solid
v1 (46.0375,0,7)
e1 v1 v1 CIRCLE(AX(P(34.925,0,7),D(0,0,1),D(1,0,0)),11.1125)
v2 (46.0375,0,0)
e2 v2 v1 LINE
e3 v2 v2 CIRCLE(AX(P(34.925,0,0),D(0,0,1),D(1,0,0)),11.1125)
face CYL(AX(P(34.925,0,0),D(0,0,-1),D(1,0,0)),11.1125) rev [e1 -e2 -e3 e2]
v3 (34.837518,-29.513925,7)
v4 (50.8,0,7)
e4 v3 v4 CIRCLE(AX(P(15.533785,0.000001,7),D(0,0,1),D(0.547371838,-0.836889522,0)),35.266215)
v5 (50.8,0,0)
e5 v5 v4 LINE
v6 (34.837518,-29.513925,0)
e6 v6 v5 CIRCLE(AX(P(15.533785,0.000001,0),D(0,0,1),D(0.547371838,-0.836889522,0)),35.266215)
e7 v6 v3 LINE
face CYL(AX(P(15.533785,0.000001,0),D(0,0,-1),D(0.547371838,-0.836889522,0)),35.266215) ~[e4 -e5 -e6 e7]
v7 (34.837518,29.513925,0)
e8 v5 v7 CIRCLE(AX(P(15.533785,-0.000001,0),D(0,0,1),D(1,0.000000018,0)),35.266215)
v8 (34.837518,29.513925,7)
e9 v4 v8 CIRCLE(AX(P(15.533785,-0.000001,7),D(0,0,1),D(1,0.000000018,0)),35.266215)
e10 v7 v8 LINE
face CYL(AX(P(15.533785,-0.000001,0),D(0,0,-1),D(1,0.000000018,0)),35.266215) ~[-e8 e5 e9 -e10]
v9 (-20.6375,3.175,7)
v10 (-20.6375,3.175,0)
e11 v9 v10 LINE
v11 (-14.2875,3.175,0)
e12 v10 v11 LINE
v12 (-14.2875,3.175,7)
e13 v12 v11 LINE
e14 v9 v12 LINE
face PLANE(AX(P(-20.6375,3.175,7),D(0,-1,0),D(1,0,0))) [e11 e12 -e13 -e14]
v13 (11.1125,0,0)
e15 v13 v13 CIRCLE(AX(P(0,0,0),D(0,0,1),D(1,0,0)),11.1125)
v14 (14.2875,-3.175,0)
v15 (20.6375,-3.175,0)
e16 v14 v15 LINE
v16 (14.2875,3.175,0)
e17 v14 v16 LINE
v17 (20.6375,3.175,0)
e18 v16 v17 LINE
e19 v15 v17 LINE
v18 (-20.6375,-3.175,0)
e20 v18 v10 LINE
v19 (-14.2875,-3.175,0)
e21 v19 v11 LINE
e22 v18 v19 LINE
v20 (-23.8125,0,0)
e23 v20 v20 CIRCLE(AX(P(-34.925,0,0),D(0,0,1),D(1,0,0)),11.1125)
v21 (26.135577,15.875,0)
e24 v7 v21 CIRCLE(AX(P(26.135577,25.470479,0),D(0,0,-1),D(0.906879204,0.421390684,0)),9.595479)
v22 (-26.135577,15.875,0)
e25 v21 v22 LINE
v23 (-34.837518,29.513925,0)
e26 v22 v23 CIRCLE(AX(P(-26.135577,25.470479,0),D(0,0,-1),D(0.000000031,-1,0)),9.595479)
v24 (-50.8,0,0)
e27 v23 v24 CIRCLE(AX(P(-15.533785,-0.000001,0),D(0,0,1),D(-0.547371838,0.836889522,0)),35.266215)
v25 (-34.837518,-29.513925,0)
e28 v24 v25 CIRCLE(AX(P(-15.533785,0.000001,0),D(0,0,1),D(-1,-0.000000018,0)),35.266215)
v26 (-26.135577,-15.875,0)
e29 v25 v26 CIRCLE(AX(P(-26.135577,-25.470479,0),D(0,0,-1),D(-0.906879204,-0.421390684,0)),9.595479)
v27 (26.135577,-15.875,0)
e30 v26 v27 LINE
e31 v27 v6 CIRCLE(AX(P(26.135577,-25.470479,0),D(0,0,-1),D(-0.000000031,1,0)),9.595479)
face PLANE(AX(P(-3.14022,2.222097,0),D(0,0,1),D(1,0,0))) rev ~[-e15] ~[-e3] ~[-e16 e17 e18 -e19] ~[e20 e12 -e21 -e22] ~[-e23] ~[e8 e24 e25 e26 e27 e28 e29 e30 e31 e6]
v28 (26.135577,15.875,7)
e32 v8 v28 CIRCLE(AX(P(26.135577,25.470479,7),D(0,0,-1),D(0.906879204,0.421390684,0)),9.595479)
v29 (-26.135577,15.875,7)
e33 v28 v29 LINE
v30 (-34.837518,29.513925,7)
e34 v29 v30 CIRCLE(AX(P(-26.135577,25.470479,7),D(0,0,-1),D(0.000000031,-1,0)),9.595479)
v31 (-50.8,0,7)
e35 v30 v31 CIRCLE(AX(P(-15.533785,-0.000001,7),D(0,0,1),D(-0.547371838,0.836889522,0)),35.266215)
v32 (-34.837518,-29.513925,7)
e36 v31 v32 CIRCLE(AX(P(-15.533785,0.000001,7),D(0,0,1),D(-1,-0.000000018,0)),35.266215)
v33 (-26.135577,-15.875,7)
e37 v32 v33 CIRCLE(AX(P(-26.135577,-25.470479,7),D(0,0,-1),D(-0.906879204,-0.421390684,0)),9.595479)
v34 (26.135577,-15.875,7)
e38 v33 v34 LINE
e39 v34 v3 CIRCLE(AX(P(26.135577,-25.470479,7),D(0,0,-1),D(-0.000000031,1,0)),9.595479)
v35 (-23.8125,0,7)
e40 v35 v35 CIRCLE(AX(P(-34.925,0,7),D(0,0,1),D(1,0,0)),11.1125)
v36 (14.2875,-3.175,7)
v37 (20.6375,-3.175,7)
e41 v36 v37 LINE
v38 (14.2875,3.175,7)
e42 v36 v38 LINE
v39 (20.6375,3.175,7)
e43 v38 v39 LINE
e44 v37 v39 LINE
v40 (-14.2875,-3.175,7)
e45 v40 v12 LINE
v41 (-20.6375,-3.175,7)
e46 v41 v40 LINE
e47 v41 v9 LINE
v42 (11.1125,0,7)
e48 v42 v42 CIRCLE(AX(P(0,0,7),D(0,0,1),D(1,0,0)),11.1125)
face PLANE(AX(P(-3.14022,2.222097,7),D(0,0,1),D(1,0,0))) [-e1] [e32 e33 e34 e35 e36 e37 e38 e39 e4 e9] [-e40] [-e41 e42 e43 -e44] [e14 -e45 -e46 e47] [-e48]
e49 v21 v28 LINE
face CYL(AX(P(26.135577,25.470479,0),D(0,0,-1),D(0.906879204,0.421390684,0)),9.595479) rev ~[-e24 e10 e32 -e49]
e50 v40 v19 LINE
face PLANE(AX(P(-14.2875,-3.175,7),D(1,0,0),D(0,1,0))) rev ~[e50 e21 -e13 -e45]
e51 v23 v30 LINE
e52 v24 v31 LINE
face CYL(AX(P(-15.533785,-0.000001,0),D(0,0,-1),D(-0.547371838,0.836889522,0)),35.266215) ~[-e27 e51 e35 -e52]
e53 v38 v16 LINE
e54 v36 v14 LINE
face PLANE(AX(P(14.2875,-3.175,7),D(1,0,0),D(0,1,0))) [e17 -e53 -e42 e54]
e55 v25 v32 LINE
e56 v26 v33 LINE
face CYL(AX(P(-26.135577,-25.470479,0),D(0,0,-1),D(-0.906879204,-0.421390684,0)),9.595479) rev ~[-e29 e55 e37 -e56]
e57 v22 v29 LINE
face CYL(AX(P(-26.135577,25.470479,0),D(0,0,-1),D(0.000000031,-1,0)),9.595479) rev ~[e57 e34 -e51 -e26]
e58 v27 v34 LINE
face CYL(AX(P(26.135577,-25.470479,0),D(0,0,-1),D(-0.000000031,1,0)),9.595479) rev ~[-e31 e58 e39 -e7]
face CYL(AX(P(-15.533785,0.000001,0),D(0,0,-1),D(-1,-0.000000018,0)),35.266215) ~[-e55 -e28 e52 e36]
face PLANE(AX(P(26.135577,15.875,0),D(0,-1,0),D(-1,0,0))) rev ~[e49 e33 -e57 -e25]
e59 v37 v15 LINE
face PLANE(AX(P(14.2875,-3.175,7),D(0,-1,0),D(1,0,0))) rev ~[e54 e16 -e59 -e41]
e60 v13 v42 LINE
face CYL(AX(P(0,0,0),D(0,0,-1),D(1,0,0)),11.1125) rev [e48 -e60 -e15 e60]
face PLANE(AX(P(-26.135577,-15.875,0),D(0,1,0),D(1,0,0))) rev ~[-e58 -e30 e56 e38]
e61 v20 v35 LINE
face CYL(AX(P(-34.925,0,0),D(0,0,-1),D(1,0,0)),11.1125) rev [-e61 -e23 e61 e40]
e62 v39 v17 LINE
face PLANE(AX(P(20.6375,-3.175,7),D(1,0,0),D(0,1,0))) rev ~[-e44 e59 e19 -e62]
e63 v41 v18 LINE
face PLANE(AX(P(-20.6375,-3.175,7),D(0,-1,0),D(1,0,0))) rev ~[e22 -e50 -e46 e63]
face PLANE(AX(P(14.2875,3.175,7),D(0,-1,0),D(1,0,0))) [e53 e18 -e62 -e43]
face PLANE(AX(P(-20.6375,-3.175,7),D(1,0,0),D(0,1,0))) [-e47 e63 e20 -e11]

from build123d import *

# Parameters (mm, degrees)
F0_R     = 11.1125
F1_DEPTH = 7
F2_W     = 6.35
F2_H     = 6.35
F3_DEPTH = 7


with BuildPart() as f1:
    # F0 (on Top) → F1 (new body)
    with BuildSketch(Plane.XY):
        with BuildLine():
            ThreePointArc((-50.8, 0), (-46.15032, -11.22532), (-34.925, -15.875))
            Line((-34.925, -15.875), (-26.135577, -15.875))
            Line((-26.135577, -15.875), (26.135577, -15.875))
            Line((26.135577, -15.875), (34.925, -15.875))
            ThreePointArc((34.925, -15.875), (46.15032, -11.22532), (50.8, 0))
            ThreePointArc((50.8, 0), (46.15032, 11.22532), (34.925, 15.875))
            Line((34.925, 15.875), (26.135577, 15.875))
            Line((26.135577, 15.875), (-26.135577, 15.875))
            ThreePointArc((-26.135577, 15.875), (-34.22483, 20.309354), (-34.837518, 29.513925))
            ThreePointArc((-34.837518, 29.513925), (-46.553742, 16.777013), (-50.8, 0))
        make_face()
        with Locations((-34.925, 0)):
            Circle(F0_R, mode=Mode.SUBTRACT)
        Circle(F0_R, mode=Mode.SUBTRACT)
        with Locations((34.925, 0)):
            Circle(F0_R, mode=Mode.SUBTRACT)
        with BuildLine():
            Line((-26.135577, -15.875), (-34.925, -15.875))
            ThreePointArc((-34.925, -15.875), (-46.15032, -11.22532), (-50.8, 0))
            ThreePointArc((-50.8, 0), (-46.553742, -16.777013), (-34.837518, -29.513925))
            ThreePointArc((-34.837518, -29.513925), (-34.22483, -20.309354), (-26.135577, -15.875))
        make_face()
        with BuildLine():
            Line((34.925, -15.875), (26.135577, -15.875))
            ThreePointArc((26.135577, -15.875), (34.22483, -20.309354), (34.837518, -29.513925))
            ThreePointArc((34.837518, -29.513925), (46.553742, -16.777013), (50.8, 0))
            ThreePointArc((50.8, 0), (46.15032, -11.22532), (34.925, -15.875))
        make_face()
        with BuildLine():
            ThreePointArc((34.925, 15.875), (46.15032, 11.22532), (50.8, 0))
            ThreePointArc((50.8, 0), (46.553742, 16.777013), (34.837518, 29.513925))
            ThreePointArc((34.837518, 29.513925), (34.22483, 20.309354), (26.135577, 15.875))
            Line((26.135577, 15.875), (34.925, 15.875))
        make_face()
    extrude(amount=F1_DEPTH)

    # F2 (on face) → F3 (cut, through all)
    with BuildSketch(Plane.XY.offset(7)):
        with Locations((17.4625, 0)):
            Rectangle(F2_W, F2_H)
        with Locations((-17.4625, 0)):
            Rectangle(F2_W, F2_H)
    extrude(amount=-F3_DEPTH, mode=Mode.SUBTRACT)


solid = f1.part
